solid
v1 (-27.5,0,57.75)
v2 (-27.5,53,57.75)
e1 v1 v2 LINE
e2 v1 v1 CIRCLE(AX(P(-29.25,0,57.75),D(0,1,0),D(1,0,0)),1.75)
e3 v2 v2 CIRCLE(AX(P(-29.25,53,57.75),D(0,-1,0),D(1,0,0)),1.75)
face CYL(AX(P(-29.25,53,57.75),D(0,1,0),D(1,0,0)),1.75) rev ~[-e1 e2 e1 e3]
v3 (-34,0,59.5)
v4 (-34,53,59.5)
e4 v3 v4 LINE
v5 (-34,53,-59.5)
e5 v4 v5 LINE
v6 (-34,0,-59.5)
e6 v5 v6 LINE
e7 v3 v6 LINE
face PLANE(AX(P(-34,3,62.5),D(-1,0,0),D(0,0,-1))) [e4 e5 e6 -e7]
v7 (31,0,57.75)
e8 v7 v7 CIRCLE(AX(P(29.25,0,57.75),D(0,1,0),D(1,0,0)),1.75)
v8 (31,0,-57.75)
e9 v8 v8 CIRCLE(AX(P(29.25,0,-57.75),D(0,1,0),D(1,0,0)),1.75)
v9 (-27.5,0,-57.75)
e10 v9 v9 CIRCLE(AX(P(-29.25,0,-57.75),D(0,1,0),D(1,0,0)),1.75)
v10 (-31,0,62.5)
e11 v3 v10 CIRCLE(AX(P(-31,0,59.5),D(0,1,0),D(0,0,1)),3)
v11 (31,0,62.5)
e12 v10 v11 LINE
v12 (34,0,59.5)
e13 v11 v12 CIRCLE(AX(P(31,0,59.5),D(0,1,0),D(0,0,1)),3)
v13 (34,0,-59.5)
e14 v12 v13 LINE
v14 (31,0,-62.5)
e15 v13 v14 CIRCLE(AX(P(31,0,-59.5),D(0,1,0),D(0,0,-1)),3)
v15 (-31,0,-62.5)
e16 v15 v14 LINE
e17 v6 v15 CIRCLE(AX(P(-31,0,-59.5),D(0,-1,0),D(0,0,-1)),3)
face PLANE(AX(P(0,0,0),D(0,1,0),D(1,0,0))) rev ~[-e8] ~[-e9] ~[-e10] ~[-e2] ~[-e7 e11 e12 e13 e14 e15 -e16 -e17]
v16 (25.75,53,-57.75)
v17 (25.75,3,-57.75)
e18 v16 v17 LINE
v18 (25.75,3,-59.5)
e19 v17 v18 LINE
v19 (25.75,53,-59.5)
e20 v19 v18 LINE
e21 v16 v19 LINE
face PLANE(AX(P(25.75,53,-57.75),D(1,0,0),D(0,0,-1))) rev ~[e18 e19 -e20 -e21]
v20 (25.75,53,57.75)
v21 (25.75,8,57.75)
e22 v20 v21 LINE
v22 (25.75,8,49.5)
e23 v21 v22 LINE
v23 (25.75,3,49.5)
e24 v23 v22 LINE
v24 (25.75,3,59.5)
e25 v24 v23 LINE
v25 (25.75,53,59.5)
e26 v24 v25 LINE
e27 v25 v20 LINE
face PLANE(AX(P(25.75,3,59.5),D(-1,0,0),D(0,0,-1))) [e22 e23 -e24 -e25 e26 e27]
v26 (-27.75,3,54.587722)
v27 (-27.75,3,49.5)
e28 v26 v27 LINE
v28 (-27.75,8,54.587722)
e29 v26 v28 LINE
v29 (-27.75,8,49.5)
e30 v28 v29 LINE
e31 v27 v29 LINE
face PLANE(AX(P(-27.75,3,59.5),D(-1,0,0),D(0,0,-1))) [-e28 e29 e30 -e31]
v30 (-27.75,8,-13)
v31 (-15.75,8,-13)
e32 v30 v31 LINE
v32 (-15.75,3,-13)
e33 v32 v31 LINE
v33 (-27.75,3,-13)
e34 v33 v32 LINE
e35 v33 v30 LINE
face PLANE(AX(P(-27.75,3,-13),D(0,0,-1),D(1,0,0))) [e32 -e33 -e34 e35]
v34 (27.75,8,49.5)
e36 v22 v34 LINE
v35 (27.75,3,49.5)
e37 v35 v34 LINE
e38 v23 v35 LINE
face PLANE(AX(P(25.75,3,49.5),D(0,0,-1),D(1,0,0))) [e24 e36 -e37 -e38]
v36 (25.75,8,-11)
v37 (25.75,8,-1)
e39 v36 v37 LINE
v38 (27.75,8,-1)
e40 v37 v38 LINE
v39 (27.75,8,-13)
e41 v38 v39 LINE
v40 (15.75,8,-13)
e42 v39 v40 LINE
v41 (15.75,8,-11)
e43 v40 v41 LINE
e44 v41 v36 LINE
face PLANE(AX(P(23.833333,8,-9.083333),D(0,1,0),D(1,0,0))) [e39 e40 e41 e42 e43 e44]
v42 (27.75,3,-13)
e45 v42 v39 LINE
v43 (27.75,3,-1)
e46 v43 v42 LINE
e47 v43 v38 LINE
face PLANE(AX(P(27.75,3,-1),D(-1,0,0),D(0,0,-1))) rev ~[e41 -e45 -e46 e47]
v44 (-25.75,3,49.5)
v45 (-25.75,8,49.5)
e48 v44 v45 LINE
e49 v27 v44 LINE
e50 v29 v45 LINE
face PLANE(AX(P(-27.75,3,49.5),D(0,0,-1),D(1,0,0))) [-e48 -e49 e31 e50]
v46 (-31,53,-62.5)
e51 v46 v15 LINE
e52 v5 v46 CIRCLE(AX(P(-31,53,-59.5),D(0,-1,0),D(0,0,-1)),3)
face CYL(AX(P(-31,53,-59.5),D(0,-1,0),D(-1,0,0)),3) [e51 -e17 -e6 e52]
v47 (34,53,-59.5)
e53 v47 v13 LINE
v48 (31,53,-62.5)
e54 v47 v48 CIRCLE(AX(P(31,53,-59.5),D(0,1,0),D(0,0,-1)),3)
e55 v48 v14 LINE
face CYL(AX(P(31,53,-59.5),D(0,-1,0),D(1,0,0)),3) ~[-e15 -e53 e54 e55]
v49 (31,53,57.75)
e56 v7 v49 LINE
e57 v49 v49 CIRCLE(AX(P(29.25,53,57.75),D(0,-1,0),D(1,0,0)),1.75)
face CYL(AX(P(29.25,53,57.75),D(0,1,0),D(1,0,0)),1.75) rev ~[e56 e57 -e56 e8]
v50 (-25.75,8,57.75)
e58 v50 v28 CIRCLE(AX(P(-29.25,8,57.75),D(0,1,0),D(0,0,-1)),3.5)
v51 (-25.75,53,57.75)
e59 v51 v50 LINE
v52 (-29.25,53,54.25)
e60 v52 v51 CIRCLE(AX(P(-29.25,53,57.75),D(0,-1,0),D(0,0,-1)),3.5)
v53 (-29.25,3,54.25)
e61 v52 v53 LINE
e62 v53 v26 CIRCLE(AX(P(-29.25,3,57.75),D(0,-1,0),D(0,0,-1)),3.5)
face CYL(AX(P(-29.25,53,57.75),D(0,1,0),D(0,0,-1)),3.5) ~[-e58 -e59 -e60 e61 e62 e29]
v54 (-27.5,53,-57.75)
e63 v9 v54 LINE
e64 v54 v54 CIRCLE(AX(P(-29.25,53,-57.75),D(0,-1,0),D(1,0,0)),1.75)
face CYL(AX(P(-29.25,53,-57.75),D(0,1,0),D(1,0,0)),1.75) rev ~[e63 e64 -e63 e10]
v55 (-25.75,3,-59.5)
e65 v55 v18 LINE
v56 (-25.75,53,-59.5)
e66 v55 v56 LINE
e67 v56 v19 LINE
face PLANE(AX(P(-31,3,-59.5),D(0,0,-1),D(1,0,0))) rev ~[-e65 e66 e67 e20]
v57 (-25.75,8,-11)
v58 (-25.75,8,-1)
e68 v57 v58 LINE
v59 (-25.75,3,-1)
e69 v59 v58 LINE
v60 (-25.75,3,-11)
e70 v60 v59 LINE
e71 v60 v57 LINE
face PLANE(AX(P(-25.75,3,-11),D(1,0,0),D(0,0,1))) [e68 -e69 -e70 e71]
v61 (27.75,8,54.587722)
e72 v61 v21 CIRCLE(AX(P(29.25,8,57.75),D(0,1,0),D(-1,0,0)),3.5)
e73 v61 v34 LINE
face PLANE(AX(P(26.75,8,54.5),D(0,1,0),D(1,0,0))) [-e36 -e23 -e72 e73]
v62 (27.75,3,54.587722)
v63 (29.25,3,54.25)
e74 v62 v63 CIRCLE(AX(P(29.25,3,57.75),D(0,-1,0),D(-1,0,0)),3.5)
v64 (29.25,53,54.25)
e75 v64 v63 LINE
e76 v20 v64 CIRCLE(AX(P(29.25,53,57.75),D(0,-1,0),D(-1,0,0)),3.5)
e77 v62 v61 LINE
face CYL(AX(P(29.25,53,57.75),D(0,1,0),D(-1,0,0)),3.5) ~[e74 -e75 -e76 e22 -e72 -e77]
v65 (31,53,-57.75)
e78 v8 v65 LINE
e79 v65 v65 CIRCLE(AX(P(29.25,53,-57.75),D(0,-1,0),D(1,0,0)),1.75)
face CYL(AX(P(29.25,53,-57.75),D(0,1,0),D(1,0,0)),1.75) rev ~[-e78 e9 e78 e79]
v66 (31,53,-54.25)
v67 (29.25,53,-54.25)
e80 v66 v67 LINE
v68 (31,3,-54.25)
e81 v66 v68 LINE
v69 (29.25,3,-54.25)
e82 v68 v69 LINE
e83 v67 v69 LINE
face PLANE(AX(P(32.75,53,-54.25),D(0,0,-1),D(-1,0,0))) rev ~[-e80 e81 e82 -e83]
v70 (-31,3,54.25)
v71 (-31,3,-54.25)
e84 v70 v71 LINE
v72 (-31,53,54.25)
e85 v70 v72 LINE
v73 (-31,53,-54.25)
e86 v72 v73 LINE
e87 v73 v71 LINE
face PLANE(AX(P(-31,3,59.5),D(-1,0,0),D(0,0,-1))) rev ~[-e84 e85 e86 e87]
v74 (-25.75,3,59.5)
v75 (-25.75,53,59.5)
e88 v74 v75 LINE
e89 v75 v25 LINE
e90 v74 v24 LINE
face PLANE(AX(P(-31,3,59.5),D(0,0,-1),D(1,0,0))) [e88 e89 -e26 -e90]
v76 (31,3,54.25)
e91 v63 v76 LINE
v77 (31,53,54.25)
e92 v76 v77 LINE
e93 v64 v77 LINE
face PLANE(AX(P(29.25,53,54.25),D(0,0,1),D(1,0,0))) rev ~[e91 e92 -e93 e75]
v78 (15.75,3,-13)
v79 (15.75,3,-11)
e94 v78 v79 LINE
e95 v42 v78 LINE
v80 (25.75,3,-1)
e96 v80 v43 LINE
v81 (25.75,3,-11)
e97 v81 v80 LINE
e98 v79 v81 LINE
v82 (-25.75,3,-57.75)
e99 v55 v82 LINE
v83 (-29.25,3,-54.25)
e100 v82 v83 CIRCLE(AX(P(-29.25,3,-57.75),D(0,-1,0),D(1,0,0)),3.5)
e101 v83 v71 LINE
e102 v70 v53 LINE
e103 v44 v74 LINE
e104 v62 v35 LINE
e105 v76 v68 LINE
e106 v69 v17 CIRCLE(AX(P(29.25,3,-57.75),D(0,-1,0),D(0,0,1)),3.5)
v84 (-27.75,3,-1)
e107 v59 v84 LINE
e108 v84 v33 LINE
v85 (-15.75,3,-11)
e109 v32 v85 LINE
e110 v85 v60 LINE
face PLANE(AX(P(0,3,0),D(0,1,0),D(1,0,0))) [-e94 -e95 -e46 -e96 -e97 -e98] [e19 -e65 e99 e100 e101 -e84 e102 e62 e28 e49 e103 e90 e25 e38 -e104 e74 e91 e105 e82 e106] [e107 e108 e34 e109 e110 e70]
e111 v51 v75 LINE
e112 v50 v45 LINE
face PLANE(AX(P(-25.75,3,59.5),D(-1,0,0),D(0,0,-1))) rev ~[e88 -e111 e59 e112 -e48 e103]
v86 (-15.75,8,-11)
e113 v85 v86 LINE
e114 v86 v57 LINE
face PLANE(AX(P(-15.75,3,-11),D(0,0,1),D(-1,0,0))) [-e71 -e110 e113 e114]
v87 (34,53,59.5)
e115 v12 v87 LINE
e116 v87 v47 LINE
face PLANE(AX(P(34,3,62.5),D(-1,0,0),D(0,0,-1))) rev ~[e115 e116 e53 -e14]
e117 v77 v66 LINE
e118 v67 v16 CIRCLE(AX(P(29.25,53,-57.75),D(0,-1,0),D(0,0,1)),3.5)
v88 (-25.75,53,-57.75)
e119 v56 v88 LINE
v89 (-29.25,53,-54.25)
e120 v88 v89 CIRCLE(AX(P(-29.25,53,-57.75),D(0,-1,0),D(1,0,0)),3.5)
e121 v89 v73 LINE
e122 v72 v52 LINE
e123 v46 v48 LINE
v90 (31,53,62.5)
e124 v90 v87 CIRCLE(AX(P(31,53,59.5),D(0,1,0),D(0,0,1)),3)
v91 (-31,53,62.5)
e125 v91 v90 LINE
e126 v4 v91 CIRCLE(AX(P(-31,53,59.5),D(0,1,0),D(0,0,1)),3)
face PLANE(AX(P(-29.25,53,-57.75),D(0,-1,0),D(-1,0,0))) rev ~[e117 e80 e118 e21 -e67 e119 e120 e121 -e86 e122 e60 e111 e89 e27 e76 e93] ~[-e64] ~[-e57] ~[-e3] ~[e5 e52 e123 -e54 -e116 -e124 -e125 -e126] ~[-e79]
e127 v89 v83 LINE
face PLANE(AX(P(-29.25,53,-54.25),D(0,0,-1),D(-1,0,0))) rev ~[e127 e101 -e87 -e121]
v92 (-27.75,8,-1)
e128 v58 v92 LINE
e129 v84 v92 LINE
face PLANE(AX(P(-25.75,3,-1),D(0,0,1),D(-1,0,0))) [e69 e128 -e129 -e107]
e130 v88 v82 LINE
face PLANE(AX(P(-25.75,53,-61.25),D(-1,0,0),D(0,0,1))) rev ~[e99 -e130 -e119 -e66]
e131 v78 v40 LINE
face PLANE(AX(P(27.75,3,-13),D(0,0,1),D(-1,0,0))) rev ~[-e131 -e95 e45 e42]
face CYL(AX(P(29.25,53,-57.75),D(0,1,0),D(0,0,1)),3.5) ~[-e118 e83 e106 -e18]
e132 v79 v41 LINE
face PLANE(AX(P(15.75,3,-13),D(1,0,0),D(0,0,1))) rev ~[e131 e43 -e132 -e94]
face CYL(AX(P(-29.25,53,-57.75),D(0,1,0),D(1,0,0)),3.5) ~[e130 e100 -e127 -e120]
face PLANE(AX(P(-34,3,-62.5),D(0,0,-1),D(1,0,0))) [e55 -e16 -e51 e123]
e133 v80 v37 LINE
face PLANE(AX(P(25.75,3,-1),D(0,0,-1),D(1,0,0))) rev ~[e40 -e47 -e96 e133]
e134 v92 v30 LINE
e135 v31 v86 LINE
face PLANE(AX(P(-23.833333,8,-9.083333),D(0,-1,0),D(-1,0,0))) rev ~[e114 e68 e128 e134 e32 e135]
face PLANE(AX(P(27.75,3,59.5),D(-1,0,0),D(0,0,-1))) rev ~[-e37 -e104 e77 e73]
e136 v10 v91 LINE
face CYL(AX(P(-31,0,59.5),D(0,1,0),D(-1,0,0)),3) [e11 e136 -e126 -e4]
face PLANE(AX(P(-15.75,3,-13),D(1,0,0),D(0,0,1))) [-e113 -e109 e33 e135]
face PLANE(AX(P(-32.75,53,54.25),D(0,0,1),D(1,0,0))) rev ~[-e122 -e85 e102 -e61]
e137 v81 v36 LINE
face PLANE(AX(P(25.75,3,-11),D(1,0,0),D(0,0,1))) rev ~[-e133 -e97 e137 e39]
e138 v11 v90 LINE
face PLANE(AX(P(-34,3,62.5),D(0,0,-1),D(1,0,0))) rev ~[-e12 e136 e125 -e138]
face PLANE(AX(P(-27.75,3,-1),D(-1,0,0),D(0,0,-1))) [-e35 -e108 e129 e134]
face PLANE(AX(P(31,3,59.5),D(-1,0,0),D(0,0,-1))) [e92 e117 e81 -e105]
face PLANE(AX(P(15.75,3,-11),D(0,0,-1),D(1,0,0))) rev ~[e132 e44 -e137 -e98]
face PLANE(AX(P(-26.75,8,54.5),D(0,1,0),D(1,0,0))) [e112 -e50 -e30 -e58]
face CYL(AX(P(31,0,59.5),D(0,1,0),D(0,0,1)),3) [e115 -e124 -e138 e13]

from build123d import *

# Parameters (mm, degrees)
SKETCH_1_W          = 68
SKETCH_1_H          = 125
EXTRUDE_1_DEPTH     = 3
SKETCH_3_W          = 68
SKETCH_3_H          = 125
SKETCH_3_W_2        = 62
SKETCH_3_H_2        = 119
EXTRUDE_1_2_DEPTH   = 50
FILLET_1_R          = 3
SKETCH_4_W          = 2
SKETCH_4_H          = 10
EXTRUDE_2_DEPTH     = 5
SKETCH_5_R          = 1.75
EXTRUDE_3_DEPTH     = 50
SKETCH_6_R          = 1.75
CUT_EXTRUDE_1_DEPTH = 54


with BuildPart() as part:
    # Эскиз1 → Extrude 1 (new body)
    with BuildSketch(Plane(origin=(0, 0, 0), x_dir=(1, 0, 0), z_dir=(0, 1, 0))):
        Rectangle(SKETCH_1_W, SKETCH_1_H)
    extrude(amount=EXTRUDE_1_DEPTH)

    # Эскиз3 → Extrude 1 2 (add)
    with BuildSketch(Plane(origin=(0, 3, 0), x_dir=(1, 0, 0), z_dir=(0, 1, 0))):
        Rectangle(SKETCH_3_W, SKETCH_3_H)
        Rectangle(SKETCH_3_W_2, SKETCH_3_H_2, mode=Mode.SUBTRACT)
    extrude(amount=EXTRUDE_1_2_DEPTH)

    # Скругление1
    fillet_1_edges = [part.edges().sort_by_distance(p)[0] for p in [
        (-34, 26.5, -62.5),
        (34, 26.5, -62.5),
        (34, 26.5, 62.5),
        (-34, 26.5, 62.5),
    ]]
    fillet(fillet_1_edges, radius=FILLET_1_R)

    # Эскиз4 → Бобышка-Вытянуть2 (add)
    with BuildSketch(Plane(origin=(0, 3, 0), x_dir=(1, 0, 0), z_dir=(0, 1, 0))):
        Polygon((15.75, 11), (25.75, 11), (25.75, 1), (27.75, 1), (27.75, 13), (15.75, 13), align=None)
        with Locations((26.75, -54.5)):
            Rectangle(SKETCH_4_W, SKETCH_4_H)
        with Locations((-26.75, -54.5)):
            Rectangle(SKETCH_4_W, SKETCH_4_H)
        Polygon((-27.75, 13), (-15.75, 13), (-15.75, 11), (-25.75, 11), (-25.75, 1), (-27.75, 1), align=None)
    extrude(amount=EXTRUDE_2_DEPTH)

    # Эскиз5 → Бобышка-Вытянуть3 (add)
    with BuildSketch(Plane(origin=(0, 53, 0), x_dir=(1, 0, 0), z_dir=(0, 1, 0))):
        with BuildLine():
            Line((-29.25, 54.25), (-32.75, 54.25))
            Line((-32.75, 54.25), (-32.75, 57.75))
            ThreePointArc((-32.75, 57.75), (-31.724873734, 60.224873734), (-29.25, 61.25))
            Line((-29.25, 61.25), (-25.75, 61.25))
            Line((-25.75, 61.25), (-25.75, 57.75))
            ThreePointArc((-25.75, 57.75), (-26.775126266, 55.275126266), (-29.25, 54.25))
        make_face()
        with Locations((-29.25, 57.75)):
            Circle(SKETCH_5_R, mode=Mode.SUBTRACT)
        with BuildLine():
            Line((25.75, 61.25), (29.25, 61.25))
            ThreePointArc((29.25, 61.25), (31.724873734, 60.224873734), (32.75, 57.75))
            Line((32.75, 57.75), (32.75, 54.25))
            Line((32.75, 54.25), (29.25, 54.25))
            ThreePointArc((29.25, 54.25), (26.775126266, 55.275126266), (25.75, 57.75))
            Line((25.75, 57.75), (25.75, 61.25))
        make_face()
        with Locations((29.25, 57.75)):
            Circle(SKETCH_5_R, mode=Mode.SUBTRACT)
        with BuildLine():
            Line((29.25, -54.25), (32.75, -54.25))
            Line((32.75, -54.25), (32.75, -57.75))
            ThreePointArc((32.75, -57.75), (31.724873734, -60.224873734), (29.25, -61.25))
            Line((29.25, -61.25), (25.75, -61.25))
            Line((25.75, -61.25), (25.75, -57.75))
            ThreePointArc((25.75, -57.75), (26.775126266, -55.275126266), (29.25, -54.25))
        make_face()
        with Locations((29.25, -57.75)):
            Circle(SKETCH_5_R, mode=Mode.SUBTRACT)
        with BuildLine():
            Line((-25.75, -61.25), (-29.25, -61.25))
            ThreePointArc((-29.25, -61.25), (-31.724873734, -60.224873734), (-32.75, -57.75))
            Line((-32.75, -57.75), (-32.75, -54.25))
            Line((-32.75, -54.25), (-29.25, -54.25))
            ThreePointArc((-29.25, -54.25), (-26.775126266, -55.275126266), (-25.75, -57.75))
            Line((-25.75, -57.75), (-25.75, -61.25))
        make_face()
        with Locations((-29.25, -57.75)):
            Circle(SKETCH_5_R, mode=Mode.SUBTRACT)
    extrude(amount=-EXTRUDE_3_DEPTH)

    # Эскиз6 → Вырез-Вытянуть1 (cut, through all)
    with BuildSketch(Plane(origin=(0, 53, 0), x_dir=(1, 0, 0), z_dir=(0, 1, 0))):
        with Locations((-29.25, 57.75)):
            Circle(SKETCH_6_R)
        with Locations((29.25, 57.75)):
            Circle(SKETCH_6_R)
        with Locations((29.25, -57.75)):
            Circle(SKETCH_6_R)
        with Locations((-29.25, -57.75)):
            Circle(SKETCH_6_R)
    extrude(amount=-CUT_EXTRUDE_1_DEPTH, mode=Mode.SUBTRACT)


solid = part.part
